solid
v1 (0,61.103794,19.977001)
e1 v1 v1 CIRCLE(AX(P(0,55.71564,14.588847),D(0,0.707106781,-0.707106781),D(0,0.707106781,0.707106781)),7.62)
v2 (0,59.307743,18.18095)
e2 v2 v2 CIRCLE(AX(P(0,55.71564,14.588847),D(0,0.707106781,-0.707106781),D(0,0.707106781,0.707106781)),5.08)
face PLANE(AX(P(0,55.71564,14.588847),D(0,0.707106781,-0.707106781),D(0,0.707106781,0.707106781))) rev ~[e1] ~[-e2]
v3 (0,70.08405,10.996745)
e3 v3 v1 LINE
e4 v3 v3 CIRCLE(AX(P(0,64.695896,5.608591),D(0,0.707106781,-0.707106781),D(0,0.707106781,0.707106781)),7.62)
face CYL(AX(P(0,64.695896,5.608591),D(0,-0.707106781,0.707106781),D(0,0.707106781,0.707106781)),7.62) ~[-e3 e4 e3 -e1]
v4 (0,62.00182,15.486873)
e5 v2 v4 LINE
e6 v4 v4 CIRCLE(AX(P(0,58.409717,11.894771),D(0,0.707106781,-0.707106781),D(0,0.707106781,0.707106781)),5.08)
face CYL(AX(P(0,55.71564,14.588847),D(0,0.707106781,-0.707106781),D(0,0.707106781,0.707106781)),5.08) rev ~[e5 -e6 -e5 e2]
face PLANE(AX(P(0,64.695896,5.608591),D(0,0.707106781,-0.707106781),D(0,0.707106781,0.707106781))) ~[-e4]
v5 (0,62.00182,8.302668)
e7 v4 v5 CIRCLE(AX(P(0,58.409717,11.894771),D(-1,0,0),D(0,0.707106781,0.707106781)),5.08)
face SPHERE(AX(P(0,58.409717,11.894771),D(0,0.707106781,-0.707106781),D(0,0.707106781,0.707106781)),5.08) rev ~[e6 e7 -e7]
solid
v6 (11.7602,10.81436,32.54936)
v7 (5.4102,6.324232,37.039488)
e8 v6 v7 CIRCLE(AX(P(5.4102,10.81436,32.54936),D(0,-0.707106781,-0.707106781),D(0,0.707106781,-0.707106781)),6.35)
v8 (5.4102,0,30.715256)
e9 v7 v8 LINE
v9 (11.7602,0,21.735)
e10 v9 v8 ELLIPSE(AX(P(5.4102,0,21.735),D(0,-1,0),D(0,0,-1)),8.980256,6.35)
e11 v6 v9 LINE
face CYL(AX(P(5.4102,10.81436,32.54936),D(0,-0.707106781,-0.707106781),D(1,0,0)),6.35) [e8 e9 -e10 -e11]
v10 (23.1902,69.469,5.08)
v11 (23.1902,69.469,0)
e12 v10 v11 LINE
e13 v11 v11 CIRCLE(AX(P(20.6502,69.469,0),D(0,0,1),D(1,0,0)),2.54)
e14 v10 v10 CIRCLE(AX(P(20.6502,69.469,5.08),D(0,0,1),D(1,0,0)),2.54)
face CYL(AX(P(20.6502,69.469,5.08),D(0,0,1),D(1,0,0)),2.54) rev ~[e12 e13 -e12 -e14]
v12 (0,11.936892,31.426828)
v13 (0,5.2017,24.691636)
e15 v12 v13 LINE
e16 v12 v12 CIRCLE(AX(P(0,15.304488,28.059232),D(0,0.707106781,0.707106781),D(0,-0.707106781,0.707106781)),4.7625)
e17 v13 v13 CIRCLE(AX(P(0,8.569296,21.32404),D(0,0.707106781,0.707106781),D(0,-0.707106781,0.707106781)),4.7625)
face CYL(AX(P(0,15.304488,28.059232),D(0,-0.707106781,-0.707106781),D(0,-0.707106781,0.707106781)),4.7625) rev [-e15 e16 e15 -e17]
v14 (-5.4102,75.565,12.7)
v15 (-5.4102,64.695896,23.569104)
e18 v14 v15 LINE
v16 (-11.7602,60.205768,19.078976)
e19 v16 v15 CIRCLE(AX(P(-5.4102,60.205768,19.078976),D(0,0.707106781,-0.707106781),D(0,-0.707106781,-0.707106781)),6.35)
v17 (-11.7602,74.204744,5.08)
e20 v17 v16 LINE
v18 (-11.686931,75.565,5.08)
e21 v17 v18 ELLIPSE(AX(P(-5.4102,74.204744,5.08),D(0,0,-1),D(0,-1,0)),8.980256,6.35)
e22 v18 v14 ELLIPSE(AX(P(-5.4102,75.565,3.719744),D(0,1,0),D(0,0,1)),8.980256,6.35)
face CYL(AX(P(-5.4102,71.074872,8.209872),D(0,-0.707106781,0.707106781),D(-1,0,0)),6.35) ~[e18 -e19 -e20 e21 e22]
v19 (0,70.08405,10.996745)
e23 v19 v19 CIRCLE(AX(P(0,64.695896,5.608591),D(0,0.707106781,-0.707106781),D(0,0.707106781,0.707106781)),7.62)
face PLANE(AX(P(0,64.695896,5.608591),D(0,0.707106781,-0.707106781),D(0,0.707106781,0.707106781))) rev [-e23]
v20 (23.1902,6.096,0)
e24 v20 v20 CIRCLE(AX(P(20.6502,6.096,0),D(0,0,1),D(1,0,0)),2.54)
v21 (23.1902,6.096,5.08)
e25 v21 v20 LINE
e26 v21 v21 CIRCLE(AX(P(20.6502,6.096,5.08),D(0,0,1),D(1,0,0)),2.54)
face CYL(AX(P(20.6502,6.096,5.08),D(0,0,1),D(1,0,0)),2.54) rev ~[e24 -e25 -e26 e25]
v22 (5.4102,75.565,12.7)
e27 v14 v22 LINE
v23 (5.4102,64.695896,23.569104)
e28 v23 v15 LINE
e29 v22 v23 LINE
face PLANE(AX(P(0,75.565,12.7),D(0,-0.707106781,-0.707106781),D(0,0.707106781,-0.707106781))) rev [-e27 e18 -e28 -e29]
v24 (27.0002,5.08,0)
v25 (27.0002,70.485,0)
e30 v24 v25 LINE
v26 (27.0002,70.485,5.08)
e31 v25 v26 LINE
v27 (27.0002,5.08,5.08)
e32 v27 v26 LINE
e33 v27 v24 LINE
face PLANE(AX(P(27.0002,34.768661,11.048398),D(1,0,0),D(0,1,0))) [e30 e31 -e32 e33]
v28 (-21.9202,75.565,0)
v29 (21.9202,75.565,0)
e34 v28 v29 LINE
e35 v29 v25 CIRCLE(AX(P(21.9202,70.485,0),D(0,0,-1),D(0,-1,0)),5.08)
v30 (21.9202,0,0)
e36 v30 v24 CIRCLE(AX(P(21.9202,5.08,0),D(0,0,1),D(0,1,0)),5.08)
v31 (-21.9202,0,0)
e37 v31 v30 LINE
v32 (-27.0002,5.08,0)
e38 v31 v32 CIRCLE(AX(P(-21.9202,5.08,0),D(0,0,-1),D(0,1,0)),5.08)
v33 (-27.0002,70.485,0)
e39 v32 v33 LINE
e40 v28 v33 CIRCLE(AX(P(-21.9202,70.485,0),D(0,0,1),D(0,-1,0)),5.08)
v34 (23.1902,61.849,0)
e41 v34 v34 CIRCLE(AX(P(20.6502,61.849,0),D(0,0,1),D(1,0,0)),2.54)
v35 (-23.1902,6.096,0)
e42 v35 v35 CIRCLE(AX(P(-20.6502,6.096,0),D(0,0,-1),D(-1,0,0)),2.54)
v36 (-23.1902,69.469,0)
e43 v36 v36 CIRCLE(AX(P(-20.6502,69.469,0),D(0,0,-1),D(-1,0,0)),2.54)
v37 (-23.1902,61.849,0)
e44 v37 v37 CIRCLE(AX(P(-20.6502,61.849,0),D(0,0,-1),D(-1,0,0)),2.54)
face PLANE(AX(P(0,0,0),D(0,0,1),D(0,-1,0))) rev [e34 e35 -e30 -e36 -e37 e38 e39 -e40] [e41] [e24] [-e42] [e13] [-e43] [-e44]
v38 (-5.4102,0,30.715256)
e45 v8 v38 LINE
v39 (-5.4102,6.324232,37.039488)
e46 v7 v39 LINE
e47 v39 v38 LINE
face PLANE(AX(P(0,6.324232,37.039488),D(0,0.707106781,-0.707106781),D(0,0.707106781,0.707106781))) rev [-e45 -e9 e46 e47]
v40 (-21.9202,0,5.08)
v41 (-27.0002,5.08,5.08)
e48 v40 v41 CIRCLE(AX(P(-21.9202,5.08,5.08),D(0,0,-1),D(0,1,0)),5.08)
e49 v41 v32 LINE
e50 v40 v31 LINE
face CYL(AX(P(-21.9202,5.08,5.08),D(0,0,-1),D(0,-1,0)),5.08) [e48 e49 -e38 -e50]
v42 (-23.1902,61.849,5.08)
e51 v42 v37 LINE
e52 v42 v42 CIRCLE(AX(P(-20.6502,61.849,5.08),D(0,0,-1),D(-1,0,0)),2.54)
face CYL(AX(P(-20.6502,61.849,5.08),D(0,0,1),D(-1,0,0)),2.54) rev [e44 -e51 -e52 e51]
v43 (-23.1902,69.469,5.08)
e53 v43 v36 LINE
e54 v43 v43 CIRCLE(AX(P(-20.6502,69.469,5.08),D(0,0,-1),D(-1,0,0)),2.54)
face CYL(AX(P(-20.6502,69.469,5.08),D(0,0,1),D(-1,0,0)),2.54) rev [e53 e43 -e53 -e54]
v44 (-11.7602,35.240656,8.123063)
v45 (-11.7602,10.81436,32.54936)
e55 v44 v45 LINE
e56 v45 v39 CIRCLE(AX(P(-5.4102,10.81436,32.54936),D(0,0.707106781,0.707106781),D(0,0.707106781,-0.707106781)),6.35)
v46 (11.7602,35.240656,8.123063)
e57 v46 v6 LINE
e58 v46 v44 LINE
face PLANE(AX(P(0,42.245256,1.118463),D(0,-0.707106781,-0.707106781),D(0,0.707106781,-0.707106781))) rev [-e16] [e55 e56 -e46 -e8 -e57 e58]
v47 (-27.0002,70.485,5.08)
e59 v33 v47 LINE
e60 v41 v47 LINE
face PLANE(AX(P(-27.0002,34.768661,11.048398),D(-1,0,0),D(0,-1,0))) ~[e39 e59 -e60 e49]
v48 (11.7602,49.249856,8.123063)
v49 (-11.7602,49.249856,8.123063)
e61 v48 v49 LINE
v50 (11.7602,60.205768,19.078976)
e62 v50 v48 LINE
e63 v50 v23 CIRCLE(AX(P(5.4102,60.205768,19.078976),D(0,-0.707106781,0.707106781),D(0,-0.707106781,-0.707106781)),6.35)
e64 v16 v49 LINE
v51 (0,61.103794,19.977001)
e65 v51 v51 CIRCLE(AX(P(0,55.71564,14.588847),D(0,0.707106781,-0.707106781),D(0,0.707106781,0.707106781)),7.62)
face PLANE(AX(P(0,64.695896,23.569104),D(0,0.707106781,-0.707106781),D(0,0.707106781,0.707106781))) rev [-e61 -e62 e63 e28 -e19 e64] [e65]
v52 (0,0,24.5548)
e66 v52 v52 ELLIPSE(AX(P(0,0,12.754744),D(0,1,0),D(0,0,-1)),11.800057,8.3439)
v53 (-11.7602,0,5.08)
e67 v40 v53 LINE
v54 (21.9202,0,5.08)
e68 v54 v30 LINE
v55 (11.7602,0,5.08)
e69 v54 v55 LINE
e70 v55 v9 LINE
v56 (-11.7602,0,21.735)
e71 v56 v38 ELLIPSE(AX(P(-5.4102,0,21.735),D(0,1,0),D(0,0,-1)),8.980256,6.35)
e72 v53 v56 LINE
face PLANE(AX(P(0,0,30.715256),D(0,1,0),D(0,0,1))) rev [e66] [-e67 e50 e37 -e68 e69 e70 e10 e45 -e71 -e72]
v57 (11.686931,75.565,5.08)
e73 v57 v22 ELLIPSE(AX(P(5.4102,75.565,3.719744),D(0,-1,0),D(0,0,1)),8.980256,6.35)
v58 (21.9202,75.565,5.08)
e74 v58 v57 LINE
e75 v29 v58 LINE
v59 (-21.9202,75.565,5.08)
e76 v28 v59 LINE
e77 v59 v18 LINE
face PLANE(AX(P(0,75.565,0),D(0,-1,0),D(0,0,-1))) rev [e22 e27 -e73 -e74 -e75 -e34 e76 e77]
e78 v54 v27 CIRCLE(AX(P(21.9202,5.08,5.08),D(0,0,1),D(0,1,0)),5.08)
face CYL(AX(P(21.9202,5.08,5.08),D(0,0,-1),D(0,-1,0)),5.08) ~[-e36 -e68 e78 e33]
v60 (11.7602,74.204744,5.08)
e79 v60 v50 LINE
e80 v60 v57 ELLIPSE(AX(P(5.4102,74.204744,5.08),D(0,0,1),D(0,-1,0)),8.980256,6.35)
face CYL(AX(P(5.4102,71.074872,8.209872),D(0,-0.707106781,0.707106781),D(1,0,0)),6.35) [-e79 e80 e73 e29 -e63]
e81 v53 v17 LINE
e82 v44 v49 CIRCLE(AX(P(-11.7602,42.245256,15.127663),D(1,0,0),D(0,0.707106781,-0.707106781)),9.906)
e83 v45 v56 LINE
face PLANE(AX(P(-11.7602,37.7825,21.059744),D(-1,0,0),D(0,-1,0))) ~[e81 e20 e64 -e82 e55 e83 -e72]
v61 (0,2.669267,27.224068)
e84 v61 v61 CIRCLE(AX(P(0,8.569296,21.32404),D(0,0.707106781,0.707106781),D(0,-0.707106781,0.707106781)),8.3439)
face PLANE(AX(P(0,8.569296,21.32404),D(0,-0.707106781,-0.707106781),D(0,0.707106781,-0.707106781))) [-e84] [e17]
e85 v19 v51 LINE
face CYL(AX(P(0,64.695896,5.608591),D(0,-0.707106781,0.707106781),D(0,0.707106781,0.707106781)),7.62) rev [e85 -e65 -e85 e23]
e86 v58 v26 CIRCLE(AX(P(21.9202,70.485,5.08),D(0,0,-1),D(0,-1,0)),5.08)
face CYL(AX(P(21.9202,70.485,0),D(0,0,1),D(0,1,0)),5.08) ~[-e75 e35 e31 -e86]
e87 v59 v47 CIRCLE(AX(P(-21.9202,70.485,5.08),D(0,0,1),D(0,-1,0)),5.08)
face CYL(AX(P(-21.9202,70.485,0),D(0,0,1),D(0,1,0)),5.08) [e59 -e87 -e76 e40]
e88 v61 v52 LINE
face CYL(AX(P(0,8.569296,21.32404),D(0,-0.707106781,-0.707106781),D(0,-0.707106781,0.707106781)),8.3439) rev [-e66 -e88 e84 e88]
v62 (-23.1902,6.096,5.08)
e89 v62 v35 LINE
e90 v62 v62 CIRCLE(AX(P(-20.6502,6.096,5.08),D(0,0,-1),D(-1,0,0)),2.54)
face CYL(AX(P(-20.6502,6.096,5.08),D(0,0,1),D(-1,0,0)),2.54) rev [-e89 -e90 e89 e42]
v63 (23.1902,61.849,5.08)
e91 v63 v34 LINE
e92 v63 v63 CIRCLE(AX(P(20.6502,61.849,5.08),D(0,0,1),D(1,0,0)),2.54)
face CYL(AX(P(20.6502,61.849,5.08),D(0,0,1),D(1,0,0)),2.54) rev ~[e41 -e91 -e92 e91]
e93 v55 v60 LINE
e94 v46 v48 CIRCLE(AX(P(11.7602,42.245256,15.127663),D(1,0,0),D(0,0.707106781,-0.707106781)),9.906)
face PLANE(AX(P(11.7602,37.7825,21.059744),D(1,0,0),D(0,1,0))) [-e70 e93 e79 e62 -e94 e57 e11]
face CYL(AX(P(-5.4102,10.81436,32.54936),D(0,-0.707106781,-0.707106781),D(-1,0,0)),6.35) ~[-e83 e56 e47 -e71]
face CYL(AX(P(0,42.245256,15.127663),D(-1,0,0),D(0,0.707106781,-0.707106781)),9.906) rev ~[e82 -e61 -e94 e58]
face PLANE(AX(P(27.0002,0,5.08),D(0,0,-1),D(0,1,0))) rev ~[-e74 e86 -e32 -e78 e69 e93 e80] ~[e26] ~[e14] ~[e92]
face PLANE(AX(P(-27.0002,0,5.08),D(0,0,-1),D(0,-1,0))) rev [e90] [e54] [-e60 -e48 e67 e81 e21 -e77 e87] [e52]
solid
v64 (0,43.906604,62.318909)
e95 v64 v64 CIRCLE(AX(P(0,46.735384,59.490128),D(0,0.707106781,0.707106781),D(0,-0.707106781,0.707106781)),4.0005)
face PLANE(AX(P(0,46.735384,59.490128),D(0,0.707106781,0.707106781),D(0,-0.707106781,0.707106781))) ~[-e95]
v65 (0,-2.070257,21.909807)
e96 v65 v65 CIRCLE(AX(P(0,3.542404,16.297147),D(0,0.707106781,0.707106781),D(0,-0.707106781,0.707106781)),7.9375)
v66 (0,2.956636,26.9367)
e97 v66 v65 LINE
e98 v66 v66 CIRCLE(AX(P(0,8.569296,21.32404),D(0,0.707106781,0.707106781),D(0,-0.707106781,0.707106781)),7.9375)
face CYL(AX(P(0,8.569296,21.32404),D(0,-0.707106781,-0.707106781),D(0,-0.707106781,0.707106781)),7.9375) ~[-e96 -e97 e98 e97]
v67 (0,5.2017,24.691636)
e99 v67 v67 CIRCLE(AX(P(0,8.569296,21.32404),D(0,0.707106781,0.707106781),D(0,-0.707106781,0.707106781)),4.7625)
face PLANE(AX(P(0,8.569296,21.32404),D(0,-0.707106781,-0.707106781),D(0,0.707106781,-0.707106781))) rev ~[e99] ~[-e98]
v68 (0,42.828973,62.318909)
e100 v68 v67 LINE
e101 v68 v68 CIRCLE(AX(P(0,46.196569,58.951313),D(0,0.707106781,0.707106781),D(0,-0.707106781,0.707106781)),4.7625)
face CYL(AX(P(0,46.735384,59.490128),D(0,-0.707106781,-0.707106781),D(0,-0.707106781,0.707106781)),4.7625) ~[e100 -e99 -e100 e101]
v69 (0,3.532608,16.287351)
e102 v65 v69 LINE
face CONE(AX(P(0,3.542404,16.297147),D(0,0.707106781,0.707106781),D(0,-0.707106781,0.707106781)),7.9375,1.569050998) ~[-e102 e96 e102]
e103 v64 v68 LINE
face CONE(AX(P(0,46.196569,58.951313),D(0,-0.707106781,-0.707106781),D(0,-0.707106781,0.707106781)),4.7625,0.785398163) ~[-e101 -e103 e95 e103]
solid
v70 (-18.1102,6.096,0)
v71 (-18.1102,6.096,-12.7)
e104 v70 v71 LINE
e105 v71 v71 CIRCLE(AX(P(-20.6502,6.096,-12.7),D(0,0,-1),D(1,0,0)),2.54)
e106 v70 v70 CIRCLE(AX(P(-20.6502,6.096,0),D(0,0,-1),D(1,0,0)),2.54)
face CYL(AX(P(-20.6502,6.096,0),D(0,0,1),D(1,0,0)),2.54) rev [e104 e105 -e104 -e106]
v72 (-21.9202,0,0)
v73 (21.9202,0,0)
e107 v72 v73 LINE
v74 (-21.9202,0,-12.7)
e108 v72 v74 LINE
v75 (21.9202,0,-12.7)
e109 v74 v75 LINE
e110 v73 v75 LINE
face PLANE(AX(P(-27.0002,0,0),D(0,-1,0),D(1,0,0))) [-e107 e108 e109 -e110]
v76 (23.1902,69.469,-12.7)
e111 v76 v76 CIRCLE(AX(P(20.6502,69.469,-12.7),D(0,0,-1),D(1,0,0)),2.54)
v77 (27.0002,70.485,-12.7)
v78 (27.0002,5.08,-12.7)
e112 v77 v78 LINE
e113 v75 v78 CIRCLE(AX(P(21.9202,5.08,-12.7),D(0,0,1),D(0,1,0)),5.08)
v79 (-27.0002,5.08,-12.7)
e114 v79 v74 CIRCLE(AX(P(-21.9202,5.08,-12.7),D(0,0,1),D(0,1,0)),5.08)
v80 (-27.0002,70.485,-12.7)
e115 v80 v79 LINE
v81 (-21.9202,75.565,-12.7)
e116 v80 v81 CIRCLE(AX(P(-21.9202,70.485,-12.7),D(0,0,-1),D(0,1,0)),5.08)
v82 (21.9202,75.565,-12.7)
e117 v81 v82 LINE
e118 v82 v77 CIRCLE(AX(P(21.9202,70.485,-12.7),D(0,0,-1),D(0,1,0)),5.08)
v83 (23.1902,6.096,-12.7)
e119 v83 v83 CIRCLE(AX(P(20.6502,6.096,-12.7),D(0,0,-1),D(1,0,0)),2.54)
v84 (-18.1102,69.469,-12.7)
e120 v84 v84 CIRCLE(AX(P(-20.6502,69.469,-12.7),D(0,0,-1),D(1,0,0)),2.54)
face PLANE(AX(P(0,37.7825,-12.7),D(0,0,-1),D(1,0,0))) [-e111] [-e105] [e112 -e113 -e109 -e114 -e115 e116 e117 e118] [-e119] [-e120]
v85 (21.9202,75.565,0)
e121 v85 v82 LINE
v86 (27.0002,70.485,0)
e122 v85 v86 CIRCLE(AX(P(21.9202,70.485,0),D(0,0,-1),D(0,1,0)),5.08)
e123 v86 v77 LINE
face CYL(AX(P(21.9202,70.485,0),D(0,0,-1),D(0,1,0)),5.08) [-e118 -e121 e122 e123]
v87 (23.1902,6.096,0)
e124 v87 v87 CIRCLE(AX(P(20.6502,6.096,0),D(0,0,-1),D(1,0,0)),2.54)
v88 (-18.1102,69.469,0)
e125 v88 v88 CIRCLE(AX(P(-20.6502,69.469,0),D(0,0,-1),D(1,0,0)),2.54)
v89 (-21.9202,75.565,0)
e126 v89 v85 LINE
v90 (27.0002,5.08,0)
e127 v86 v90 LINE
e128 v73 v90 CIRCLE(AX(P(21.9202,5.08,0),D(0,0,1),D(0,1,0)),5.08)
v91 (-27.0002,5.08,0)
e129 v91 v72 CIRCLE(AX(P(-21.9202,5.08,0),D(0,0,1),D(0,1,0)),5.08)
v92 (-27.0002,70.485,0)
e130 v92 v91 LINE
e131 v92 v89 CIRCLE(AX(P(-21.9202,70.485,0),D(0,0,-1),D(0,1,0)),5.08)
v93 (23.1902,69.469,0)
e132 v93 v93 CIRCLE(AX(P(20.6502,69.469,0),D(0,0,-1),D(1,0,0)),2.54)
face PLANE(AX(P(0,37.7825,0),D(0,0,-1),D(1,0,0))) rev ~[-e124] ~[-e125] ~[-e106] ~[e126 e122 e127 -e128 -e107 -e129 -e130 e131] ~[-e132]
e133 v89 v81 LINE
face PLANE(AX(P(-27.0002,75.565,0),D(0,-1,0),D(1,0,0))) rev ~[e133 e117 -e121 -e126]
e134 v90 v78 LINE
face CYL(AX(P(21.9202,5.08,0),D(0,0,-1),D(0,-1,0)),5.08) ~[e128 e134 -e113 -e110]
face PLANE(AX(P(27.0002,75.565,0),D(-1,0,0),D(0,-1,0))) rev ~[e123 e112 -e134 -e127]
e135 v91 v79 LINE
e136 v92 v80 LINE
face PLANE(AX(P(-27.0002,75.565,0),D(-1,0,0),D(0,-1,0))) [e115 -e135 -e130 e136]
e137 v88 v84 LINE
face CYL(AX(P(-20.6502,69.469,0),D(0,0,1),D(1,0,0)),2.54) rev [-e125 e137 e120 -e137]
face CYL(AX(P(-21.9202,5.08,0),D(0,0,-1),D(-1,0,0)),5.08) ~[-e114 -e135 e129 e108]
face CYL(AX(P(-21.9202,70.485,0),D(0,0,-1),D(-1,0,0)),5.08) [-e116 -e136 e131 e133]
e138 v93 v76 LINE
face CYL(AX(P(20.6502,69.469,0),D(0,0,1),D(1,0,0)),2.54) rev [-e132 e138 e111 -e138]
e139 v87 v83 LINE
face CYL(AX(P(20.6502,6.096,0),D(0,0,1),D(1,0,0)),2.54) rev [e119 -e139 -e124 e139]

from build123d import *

# Parameters (mm, degrees)
F1_DEPTH  = 27.0002
F2_R      = 9.906
F3_W      = 75.565
F3_H      = 31.9594877579
F4_DEPTH  = 15.24
F6_R      = 6.35
F7_R      = 5.08
F5_R      = 2.54
F8_DEPTH  = 5.081
F14_SIZE  = 0.762
F19_W     = 54.0004
F19_H     = 75.565
F19_R     = 2.54
F20_DEPTH = 12.7
F21_R     = 5.08


with BuildPart() as f1:
    # F0 (on Right) → F1 (new body)
    with BuildSketch(Plane.YZ):
        Polygon((0, 30.7152561211), (0, 0), (75.565, 0), (75.565, 12.7), (64.6958964237, 23.5691035763), (42.2452561211, 1.1184632736), (6.3242316368, 37.0394877579), align=None)
    extrude(amount=F1_DEPTH)

    # F2
    f2_edges = [f1.edges().sort_by_distance(p)[0] for p in [
        (13.5001, 42.245256, 1.118463),
    ]]
    fillet(f2_edges, radius=F2_R)

    # F3 (on face) → F4 (cut)
    with BuildSketch(Plane.YZ.offset(27.0002)):
        with Locations((37.7825, 21.0597438789)):
            Rectangle(F3_W, F3_H)
    extrude(amount=-F4_DEPTH, mode=Mode.SUBTRACT)

    # F6
    f6_edges = [f1.edges().sort_by_distance(p)[0] for p in [
        (11.7602, 3.162116, 33.877372),
        (11.7602, 70.130448, 18.134552),
    ]]
    fillet(f6_edges, radius=F6_R)

    # F7
    f7_edges = [f1.edges().sort_by_distance(p)[0] for p in [
        (27.0002, 0, 2.54),
        (27.0002, 75.565, 2.54),
    ]]
    fillet(f7_edges, radius=F7_R)

    # F5 (on face) → F8 (cut, through all)
    with BuildSketch(Plane.XY.offset(5.08)):
        with Locations((20.6502, 69.469)):
            Circle(F5_R)
        with Locations((20.6502, 61.849)):
            Circle(F5_R)
        with Locations((20.6502, 6.096)):
            Circle(F5_R)
    extrude(amount=-F8_DEPTH, mode=Mode.SUBTRACT)

    # F9: F1 across face


with BuildPart() as f1_1:
    add(f1.part)
    add(f1.part.mirror(Plane(origin=(0, 31.4337361572, 11.6287579026), x_dir=(0, 1, 0), z_dir=(-1, 0, 0))))

    # F10 (on Right) → F11 (revolve, cut)
    with BuildSketch(Plane.YZ):
        Polygon((-6.3773719395, 6.3773719395), (15.3044877579, 28.0592316368), (11.9368917125, 31.4268276822), (5.2016996217, 24.6916355914), (2.6692673955, 27.2240678175), (-12.277400211, 12.277400211), align=None)
    revolve(axis=Axis((0, 22.0396798487, 34.7944237276), (0, 0.7071067812, 0.7071067812)), mode=Mode.SUBTRACT)

    # F15 (on Right) → F16 (revolve, cut)
    with BuildSketch(Plane.YZ):
        Polygon((64.6958964237, 5.6085913341), (70.0840500964, 10.9967450068), (61.1037939753, 19.9770011278), (55.7156403027, 14.5888474552), align=None)
    revolve(axis=Axis((0, 46.7353841816, 23.5691035763), (0, 0.7071067812, -0.7071067812)), mode=Mode.SUBTRACT)


with BuildPart() as f13:
    # F12 (on Right) → F13 (revolve)
    with BuildSketch(Plane.YZ):
        Polygon((11.9368917125, 31.4268276822), (5.2016996217, 24.6916355914), (2.9566355914, 26.9366996217), (-2.0702565748, 21.9098074555), (3.5326075511, 16.2873514301), (46.7353841816, 59.4901280605), (43.3677881362, 62.8577241059), align=None)
    revolve(axis=Axis((0, 25.1339958664, 37.8887397453), (0, 0.7071067812, 0.7071067812)))

    # F14
    f14_edges = [f13.edges().sort_by_distance(p)[0] for p in [
        (0, 50.10298, 56.122532),
    ]]
    chamfer(f14_edges, length=F14_SIZE)


with BuildPart() as f18:
    # F17 (on Right) → F18 (revolve)
    with BuildSketch(Plane.YZ):
        with BuildLine():
            ThreePointArc((62.0018195874, 15.4868730673), (63.489717139, 11.8947706189), (62.0018195874, 8.3026681704))
            Line((62.0018195874, 8.3026681704), (64.6958964237, 5.6085913341))
            Line((64.6958964237, 5.6085913341), (70.0840500964, 10.9967450068))
            Line((70.0840500964, 10.9967450068), (61.1037939753, 19.9770011278))
            Line((61.1037939753, 19.9770011278), (59.3077427511, 18.1809499036))
            Line((59.3077427511, 18.1809499036), (62.0018195874, 15.4868730673))
        make_face()
    revolve(axis=Axis((0, 63.3488580056, 6.9556297523), (0, 0.7071067812, -0.7071067812)))


with BuildPart() as f20:
    # F19 (on face) → F20 (new body)
    with BuildSketch(Plane(origin=(0, 0, 0), x_dir=(1, 0, 0), z_dir=(0, 0, -1))):
        with Locations((0, -37.7825)):
            Rectangle(F19_W, F19_H)
        with Locations((-20.6502, -69.469)):
            Circle(F19_R, mode=Mode.SUBTRACT)
        with Locations((20.6502, -69.469)):
            Circle(F19_R, mode=Mode.SUBTRACT)
        with Locations((-20.6502, -6.096)):
            Circle(F19_R, mode=Mode.SUBTRACT)
        with Locations((20.6502, -6.096)):
            Circle(F19_R, mode=Mode.SUBTRACT)
    extrude(amount=F20_DEPTH)

    # F21
    f21_edges = [f20.edges().sort_by_distance(p)[0] for p in [
        (27.0002, 0, -6.35),
        (27.0002, 75.565, -6.35),
        (-27.0002, 0, -6.35),
        (-27.0002, 75.565, -6.35),
    ]]
    fillet(f21_edges, radius=F21_R)


solid = Compound([f1_1.part, f13.part, f18.part, f20.part])
